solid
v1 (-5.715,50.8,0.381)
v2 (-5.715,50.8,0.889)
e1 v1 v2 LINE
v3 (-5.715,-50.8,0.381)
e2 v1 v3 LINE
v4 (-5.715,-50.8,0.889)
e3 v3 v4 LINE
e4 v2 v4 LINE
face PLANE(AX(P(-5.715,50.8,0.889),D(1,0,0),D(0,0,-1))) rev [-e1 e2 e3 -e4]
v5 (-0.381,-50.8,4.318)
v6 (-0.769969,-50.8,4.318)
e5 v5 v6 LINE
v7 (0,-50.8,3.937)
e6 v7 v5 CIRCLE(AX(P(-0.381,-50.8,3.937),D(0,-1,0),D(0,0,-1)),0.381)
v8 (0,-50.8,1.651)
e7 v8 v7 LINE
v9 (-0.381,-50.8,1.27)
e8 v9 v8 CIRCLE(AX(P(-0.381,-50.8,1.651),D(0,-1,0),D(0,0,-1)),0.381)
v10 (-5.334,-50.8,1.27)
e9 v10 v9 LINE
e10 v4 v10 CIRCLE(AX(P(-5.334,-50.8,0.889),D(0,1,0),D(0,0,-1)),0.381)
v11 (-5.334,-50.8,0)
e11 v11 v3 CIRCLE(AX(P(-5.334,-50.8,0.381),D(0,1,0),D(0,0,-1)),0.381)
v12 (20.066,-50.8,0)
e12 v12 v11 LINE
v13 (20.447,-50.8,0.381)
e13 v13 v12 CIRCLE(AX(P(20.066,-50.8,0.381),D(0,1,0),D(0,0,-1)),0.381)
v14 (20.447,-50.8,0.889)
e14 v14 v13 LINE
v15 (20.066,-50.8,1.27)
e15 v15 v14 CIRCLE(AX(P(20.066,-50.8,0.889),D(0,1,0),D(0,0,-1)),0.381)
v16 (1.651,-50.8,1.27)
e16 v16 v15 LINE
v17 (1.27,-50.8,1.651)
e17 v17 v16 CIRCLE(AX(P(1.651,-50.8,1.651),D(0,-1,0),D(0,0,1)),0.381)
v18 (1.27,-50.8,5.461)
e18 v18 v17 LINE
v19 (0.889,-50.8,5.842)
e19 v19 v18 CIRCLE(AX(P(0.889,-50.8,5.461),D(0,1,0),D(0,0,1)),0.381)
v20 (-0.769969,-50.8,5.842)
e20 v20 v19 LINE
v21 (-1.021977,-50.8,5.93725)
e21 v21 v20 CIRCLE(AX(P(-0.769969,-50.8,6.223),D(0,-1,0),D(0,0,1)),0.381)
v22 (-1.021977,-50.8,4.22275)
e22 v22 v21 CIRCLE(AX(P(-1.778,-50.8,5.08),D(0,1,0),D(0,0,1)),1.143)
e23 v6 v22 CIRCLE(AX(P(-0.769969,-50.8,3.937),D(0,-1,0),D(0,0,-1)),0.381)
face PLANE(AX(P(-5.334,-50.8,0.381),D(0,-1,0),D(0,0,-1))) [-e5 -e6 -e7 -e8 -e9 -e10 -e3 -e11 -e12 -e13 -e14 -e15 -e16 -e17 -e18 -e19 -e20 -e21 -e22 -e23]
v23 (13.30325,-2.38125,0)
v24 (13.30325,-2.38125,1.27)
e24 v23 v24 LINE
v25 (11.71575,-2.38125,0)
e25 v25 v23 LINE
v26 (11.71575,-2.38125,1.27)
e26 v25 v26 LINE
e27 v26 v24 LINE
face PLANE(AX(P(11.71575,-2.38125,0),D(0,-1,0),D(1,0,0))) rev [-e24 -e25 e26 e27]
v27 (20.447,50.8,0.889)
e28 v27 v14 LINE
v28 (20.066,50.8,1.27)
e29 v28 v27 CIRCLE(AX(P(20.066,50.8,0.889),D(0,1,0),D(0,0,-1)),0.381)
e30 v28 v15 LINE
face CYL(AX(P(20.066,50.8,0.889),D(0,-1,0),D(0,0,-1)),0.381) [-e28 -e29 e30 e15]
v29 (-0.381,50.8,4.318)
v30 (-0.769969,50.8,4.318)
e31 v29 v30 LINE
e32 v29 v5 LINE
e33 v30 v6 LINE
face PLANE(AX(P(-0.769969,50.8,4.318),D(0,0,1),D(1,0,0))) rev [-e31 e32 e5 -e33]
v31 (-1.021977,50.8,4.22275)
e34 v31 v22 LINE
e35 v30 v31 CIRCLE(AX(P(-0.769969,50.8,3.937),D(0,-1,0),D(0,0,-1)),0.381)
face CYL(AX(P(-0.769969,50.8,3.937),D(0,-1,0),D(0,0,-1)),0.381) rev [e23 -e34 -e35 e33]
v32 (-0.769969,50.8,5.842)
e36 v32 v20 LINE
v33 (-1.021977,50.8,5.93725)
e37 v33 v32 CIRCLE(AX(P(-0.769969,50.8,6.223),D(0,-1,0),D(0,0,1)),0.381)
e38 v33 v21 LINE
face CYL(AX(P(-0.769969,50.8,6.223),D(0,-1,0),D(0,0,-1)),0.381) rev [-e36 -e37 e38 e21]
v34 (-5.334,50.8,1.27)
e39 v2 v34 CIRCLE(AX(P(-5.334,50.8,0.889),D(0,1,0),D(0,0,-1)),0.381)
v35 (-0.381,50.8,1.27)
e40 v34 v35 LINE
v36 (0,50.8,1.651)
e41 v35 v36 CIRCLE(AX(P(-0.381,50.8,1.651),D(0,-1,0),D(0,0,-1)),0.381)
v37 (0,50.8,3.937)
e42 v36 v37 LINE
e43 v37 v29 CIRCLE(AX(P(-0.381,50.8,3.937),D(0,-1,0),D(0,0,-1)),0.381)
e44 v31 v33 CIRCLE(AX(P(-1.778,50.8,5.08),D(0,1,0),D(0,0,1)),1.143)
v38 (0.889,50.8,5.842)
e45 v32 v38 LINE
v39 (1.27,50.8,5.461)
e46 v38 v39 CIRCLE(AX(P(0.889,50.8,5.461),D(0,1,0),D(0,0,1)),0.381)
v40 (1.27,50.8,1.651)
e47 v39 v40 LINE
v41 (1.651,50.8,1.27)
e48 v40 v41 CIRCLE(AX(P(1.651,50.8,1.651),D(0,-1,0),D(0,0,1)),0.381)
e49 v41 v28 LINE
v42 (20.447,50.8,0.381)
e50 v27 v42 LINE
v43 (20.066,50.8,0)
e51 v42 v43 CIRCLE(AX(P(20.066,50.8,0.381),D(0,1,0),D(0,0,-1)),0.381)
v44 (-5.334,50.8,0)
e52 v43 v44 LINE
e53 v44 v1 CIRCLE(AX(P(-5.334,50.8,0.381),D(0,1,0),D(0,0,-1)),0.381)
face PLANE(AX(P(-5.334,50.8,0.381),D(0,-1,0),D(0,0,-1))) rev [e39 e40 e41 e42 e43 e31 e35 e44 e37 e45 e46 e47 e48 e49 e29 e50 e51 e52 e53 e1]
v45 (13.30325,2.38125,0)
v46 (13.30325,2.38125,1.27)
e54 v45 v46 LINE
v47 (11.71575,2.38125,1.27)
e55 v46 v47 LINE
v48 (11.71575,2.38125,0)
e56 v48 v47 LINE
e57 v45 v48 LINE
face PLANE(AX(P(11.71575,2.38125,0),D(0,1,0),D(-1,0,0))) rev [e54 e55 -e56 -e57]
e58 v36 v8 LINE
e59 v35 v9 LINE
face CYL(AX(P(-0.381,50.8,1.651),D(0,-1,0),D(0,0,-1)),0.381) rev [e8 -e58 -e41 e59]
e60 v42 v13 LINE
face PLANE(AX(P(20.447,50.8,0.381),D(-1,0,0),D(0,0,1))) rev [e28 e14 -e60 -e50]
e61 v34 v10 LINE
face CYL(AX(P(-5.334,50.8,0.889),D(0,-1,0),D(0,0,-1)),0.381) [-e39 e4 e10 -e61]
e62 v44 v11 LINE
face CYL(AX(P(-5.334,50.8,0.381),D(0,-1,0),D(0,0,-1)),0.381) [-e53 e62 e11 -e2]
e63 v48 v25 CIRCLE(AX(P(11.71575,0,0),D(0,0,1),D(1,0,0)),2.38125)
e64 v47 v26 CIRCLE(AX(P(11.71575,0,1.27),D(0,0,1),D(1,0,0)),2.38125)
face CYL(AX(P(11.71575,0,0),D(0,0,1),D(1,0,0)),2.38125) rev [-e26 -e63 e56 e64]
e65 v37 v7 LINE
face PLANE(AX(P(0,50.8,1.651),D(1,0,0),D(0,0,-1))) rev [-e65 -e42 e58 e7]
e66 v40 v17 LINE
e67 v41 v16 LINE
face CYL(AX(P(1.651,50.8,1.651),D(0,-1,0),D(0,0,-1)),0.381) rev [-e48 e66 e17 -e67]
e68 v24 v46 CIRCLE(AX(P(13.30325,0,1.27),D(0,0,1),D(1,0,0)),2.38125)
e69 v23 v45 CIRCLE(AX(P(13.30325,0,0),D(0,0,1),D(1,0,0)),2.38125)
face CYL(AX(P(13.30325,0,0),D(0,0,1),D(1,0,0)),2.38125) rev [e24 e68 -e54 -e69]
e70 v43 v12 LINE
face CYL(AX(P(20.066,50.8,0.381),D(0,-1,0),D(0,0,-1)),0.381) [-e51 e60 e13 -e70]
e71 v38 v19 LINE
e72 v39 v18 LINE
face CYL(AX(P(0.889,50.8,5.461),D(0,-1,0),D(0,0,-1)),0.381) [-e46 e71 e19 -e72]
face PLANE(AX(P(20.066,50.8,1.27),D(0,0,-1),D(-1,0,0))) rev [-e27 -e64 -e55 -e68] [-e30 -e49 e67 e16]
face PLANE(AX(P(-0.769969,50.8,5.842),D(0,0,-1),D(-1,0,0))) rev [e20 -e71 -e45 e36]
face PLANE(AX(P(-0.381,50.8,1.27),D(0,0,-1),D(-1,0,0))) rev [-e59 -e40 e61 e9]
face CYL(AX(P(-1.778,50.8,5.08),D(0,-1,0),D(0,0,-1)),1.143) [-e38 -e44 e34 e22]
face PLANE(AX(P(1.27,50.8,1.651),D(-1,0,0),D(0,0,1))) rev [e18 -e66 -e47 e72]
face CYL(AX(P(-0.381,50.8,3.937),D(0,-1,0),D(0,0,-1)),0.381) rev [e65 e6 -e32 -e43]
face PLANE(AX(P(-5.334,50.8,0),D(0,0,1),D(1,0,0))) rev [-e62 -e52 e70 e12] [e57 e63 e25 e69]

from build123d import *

# Parameters (mm, degrees)
BOSS_EXTRUDE1_DEPTH = 50.8
CUT_EXTRUDE1_DEPTH  = 2.27


with BuildPart() as part:
    # Sketch2 → Boss-Extrude1 (new body, symmetric)
    with BuildSketch(Plane(origin=(0, 0, 0), x_dir=(1, 0, 0), z_dir=(0, 1, 0))):
        with BuildLine():
            Line((-5.334, 0), (20.066, 0))
            ThreePointArc((20.066, 0), (20.335407684, -0.111592316), (20.447, -0.381))
            Line((20.447, -0.381), (20.447, -0.889))
            ThreePointArc((20.447, -0.889), (20.335407684, -1.158407684), (20.066, -1.27))
            Line((20.066, -1.27), (1.651, -1.27))
            ThreePointArc((1.651, -1.27), (1.381592316, -1.381592316), (1.27, -1.651))
            Line((1.27, -1.651), (1.27, -5.461))
            ThreePointArc((1.27, -5.461), (1.158407684, -5.730407684), (0.889, -5.842))
            Line((0.889, -5.842), (-0.76996875, -5.842))
            ThreePointArc((-0.76996875, -5.842), (-0.904672592, -5.866607134), (-1.021976563, -5.93725))
            ThreePointArc((-1.021976563, -5.93725), (-2.921, -5.08), (-1.021976563, -4.22275))
            ThreePointArc((-1.021976563, -4.22275), (-0.904672592, -4.293392866), (-0.76996875, -4.318))
            Line((-0.76996875, -4.318), (-0.381, -4.318))
            ThreePointArc((-0.381, -4.318), (-0.111592316, -4.206407684), (0, -3.937))
            Line((0, -3.937), (0, -1.651))
            ThreePointArc((0, -1.651), (-0.111592316, -1.381592316), (-0.381, -1.27))
            Line((-0.381, -1.27), (-5.334, -1.27))
            ThreePointArc((-5.334, -1.27), (-5.603407684, -1.158407684), (-5.715, -0.889))
            Line((-5.715, -0.889), (-5.715, -0.381))
            ThreePointArc((-5.715, -0.381), (-5.603407684, -0.111592316), (-5.334, 0))
        make_face()
    extrude(amount=BOSS_EXTRUDE1_DEPTH, both=True)

    # Sketch3 → Cut-Extrude1 (cut, through all)
    with BuildSketch(Plane.XY.offset(1.27)):
        with BuildLine():
            Line((11.71575, 2.38125), (13.30325, 2.38125))
            ThreePointArc((13.30325, 2.38125), (15.6845, 0), (13.30325, -2.38125))
            Line((13.30325, -2.38125), (11.71575, -2.38125))
            ThreePointArc((11.71575, -2.38125), (9.3345, 0), (11.71575, 2.38125))
        make_face()
    extrude(amount=-CUT_EXTRUDE1_DEPTH, mode=Mode.SUBTRACT)


solid = part.part
